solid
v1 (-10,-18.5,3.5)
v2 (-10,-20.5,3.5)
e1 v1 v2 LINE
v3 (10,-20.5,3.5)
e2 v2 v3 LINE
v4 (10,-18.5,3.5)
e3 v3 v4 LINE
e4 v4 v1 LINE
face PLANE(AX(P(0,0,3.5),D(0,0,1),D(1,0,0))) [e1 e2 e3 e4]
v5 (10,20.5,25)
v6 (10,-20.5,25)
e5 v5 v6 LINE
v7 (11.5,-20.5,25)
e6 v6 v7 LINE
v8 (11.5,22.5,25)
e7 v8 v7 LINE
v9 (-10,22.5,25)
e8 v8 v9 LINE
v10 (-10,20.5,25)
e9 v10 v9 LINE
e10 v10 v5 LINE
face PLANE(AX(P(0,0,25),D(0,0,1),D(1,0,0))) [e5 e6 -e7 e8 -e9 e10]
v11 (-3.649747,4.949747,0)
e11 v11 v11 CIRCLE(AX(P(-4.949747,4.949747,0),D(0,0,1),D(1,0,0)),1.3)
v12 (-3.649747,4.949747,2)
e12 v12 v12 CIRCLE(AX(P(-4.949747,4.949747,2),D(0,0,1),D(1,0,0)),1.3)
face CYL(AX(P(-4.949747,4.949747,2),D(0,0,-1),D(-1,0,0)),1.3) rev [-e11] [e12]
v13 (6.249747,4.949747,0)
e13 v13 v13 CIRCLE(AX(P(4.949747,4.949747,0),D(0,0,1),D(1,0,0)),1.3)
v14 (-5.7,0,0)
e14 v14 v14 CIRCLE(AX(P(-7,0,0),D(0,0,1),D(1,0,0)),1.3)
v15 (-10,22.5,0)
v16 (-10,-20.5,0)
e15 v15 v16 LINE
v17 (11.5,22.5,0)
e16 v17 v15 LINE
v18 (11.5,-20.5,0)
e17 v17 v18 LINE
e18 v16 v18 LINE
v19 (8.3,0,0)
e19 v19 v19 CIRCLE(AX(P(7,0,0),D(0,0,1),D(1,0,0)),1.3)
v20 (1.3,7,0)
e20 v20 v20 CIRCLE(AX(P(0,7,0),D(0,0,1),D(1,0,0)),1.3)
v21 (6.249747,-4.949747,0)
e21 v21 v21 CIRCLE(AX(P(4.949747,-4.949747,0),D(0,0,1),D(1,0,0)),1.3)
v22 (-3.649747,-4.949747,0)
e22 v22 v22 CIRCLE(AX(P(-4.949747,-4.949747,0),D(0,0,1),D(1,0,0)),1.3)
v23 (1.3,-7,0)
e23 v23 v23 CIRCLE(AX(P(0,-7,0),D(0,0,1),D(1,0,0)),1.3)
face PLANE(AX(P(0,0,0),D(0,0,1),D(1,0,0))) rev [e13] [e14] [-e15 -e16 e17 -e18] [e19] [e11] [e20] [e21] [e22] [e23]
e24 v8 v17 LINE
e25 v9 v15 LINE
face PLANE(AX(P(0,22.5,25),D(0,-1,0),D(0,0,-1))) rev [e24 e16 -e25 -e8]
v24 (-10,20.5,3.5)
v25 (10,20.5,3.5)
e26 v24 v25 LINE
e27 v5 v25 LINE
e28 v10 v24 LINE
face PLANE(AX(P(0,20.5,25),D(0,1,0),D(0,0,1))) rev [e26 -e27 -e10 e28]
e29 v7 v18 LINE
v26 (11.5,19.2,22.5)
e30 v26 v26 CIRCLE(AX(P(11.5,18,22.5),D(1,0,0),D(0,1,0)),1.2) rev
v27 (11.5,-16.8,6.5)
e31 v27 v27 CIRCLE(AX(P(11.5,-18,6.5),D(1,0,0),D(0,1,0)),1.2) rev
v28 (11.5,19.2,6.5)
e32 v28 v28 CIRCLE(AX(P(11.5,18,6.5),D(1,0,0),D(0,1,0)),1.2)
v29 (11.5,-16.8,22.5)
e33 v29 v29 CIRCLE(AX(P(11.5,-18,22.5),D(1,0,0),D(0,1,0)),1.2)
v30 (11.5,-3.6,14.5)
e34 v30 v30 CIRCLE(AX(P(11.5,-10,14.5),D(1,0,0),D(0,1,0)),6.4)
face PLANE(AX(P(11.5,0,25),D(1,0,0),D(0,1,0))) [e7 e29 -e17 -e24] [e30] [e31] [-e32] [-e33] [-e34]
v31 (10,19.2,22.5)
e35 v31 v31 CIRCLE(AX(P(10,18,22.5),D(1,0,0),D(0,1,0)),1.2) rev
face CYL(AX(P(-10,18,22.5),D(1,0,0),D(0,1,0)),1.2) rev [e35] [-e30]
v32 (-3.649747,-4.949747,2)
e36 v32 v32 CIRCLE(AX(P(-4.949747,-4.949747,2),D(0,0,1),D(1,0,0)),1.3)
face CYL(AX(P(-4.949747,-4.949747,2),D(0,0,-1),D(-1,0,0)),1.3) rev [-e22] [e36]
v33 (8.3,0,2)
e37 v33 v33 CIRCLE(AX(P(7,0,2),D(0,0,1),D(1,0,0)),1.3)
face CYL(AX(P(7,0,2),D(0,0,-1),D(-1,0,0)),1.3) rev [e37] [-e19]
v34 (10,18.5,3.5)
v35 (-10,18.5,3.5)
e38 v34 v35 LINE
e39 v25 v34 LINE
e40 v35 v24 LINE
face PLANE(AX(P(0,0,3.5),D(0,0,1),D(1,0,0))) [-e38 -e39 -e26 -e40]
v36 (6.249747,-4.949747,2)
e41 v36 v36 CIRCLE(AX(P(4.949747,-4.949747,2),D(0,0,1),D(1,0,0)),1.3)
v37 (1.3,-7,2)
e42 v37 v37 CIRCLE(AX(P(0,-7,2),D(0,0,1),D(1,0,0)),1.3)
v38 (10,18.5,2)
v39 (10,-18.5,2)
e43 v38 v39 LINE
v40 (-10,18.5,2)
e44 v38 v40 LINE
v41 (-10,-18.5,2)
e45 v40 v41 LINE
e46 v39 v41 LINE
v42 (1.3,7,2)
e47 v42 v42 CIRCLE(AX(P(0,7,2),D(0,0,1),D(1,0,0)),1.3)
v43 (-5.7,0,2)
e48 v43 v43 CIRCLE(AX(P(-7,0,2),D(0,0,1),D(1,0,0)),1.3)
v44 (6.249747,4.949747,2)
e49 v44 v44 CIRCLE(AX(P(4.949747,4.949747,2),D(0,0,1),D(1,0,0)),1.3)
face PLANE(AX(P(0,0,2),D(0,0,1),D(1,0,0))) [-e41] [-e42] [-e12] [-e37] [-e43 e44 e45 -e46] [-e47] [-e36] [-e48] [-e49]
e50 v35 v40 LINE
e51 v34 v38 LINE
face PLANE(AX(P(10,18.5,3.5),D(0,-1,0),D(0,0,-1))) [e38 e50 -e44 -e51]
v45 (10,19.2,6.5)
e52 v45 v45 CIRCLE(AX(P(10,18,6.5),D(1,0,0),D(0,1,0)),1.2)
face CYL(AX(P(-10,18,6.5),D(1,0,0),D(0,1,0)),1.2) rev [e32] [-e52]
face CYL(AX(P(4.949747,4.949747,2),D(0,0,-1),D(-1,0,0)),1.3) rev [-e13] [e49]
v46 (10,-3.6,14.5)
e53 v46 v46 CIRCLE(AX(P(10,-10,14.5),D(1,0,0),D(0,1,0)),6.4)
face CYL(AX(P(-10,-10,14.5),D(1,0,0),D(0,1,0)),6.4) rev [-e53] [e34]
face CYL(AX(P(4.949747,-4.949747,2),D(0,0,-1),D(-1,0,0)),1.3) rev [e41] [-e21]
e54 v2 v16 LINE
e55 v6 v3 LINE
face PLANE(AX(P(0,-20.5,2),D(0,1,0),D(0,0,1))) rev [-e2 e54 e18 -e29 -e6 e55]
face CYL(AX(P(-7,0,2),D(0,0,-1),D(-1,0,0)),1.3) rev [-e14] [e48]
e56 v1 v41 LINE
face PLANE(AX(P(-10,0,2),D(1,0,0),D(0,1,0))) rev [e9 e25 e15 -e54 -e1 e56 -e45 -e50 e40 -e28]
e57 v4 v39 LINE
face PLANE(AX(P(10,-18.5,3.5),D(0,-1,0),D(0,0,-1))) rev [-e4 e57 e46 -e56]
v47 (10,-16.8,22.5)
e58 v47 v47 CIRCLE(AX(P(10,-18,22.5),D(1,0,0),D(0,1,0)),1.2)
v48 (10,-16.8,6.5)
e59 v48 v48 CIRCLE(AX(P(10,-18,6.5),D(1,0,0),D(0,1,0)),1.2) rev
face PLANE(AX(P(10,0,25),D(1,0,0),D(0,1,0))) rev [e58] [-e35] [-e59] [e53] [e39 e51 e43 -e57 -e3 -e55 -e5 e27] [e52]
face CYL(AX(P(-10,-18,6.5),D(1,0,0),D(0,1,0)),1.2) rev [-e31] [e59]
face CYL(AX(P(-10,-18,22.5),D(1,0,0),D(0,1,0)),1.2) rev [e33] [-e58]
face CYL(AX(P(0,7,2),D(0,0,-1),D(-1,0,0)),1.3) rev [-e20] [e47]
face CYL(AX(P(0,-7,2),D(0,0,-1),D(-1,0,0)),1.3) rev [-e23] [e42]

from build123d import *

# Parameters (mm, degrees)
SKETCH_1_W          = 20
SKETCH_1_H          = 41
SKETCH_1_R          = 1.3
EXTRUDE_1_DEPTH     = 2
SKETCH_1_3_W        = 1.5
SKETCH_1_3_H        = 41
EXTRUDE_2_DEPTH     = 25
SKETCH_2_R          = 1.2
SKETCH_2_R_2        = 6.4
CUT_EXTRUDE_1_DEPTH = 39.826537317
EXTRUDE_6_DEPTH     = 25
SKETCH_4_W          = 20
SKETCH_4_H          = 2
EXTRUDE_8_DEPTH     = 1.5


with BuildPart() as part:
    # 草圖1 → 填料-伸長1 (new body)
    with BuildSketch(Plane.XY):
        Rectangle(SKETCH_1_W, SKETCH_1_H)
        with Locations((-4.949747468, -4.949747468)):
            Circle(SKETCH_1_R, mode=Mode.SUBTRACT)
        with Locations((-7, 0)):
            Circle(SKETCH_1_R, mode=Mode.SUBTRACT)
        with Locations((0, -7)):
            Circle(SKETCH_1_R, mode=Mode.SUBTRACT)
        with Locations((4.949747468, -4.949747468)):
            Circle(SKETCH_1_R, mode=Mode.SUBTRACT)
        with Locations((7, 0)):
            Circle(SKETCH_1_R, mode=Mode.SUBTRACT)
        with Locations((-4.949747468, 4.949747468)):
            Circle(SKETCH_1_R, mode=Mode.SUBTRACT)
        with Locations((0, 7)):
            Circle(SKETCH_1_R, mode=Mode.SUBTRACT)
        with Locations((4.949747468, 4.949747468)):
            Circle(SKETCH_1_R, mode=Mode.SUBTRACT)
    extrude(amount=EXTRUDE_1_DEPTH)

    # 草圖1<3> → 填料-伸長2 (add)
    with BuildSketch(Plane.XY):
        with Locations((10.75, 0)):
            Rectangle(SKETCH_1_3_W, SKETCH_1_3_H)
    extrude(amount=EXTRUDE_2_DEPTH)

    # 草圖2 → 除料-伸長1 (cut, through all)
    with BuildSketch(Plane(origin=(11.5, 0, 0), x_dir=(0, 0, -1), z_dir=(1, 0, 0))):
        with Locations((-22.5, -18)):
            Circle(SKETCH_2_R)
        with Locations((-22.5, 18)):
            Circle(SKETCH_2_R)
        with Locations((-6.5, 18)):
            Circle(SKETCH_2_R)
        with Locations((-6.5, -18)):
            Circle(SKETCH_2_R)
        with Locations((-14.5, -10)):
            Circle(SKETCH_2_R_2)
    extrude(amount=-CUT_EXTRUDE_1_DEPTH, mode=Mode.SUBTRACT)

    # 草圖1<6> → 填料-伸長6 (add)
    with BuildSketch(Plane.XY):
        Polygon((-10, 22.5), (-10, 20.5), (10, 20.5), (11.5, 20.5), (11.5, 22.5), align=None)
    extrude(amount=EXTRUDE_6_DEPTH)

    # 草圖4 → 填料-伸長8 (add)
    with BuildSketch(Plane.XY.offset(2)):
        with Locations((0, -19.5)):
            Rectangle(SKETCH_4_W, SKETCH_4_H)
    extrude_8 = extrude(amount=EXTRUDE_8_DEPTH)

    # 鏡射1: 填料-伸長8 across plane
    add(extrude_8.mirror(Plane.ZX))


solid = part.part
